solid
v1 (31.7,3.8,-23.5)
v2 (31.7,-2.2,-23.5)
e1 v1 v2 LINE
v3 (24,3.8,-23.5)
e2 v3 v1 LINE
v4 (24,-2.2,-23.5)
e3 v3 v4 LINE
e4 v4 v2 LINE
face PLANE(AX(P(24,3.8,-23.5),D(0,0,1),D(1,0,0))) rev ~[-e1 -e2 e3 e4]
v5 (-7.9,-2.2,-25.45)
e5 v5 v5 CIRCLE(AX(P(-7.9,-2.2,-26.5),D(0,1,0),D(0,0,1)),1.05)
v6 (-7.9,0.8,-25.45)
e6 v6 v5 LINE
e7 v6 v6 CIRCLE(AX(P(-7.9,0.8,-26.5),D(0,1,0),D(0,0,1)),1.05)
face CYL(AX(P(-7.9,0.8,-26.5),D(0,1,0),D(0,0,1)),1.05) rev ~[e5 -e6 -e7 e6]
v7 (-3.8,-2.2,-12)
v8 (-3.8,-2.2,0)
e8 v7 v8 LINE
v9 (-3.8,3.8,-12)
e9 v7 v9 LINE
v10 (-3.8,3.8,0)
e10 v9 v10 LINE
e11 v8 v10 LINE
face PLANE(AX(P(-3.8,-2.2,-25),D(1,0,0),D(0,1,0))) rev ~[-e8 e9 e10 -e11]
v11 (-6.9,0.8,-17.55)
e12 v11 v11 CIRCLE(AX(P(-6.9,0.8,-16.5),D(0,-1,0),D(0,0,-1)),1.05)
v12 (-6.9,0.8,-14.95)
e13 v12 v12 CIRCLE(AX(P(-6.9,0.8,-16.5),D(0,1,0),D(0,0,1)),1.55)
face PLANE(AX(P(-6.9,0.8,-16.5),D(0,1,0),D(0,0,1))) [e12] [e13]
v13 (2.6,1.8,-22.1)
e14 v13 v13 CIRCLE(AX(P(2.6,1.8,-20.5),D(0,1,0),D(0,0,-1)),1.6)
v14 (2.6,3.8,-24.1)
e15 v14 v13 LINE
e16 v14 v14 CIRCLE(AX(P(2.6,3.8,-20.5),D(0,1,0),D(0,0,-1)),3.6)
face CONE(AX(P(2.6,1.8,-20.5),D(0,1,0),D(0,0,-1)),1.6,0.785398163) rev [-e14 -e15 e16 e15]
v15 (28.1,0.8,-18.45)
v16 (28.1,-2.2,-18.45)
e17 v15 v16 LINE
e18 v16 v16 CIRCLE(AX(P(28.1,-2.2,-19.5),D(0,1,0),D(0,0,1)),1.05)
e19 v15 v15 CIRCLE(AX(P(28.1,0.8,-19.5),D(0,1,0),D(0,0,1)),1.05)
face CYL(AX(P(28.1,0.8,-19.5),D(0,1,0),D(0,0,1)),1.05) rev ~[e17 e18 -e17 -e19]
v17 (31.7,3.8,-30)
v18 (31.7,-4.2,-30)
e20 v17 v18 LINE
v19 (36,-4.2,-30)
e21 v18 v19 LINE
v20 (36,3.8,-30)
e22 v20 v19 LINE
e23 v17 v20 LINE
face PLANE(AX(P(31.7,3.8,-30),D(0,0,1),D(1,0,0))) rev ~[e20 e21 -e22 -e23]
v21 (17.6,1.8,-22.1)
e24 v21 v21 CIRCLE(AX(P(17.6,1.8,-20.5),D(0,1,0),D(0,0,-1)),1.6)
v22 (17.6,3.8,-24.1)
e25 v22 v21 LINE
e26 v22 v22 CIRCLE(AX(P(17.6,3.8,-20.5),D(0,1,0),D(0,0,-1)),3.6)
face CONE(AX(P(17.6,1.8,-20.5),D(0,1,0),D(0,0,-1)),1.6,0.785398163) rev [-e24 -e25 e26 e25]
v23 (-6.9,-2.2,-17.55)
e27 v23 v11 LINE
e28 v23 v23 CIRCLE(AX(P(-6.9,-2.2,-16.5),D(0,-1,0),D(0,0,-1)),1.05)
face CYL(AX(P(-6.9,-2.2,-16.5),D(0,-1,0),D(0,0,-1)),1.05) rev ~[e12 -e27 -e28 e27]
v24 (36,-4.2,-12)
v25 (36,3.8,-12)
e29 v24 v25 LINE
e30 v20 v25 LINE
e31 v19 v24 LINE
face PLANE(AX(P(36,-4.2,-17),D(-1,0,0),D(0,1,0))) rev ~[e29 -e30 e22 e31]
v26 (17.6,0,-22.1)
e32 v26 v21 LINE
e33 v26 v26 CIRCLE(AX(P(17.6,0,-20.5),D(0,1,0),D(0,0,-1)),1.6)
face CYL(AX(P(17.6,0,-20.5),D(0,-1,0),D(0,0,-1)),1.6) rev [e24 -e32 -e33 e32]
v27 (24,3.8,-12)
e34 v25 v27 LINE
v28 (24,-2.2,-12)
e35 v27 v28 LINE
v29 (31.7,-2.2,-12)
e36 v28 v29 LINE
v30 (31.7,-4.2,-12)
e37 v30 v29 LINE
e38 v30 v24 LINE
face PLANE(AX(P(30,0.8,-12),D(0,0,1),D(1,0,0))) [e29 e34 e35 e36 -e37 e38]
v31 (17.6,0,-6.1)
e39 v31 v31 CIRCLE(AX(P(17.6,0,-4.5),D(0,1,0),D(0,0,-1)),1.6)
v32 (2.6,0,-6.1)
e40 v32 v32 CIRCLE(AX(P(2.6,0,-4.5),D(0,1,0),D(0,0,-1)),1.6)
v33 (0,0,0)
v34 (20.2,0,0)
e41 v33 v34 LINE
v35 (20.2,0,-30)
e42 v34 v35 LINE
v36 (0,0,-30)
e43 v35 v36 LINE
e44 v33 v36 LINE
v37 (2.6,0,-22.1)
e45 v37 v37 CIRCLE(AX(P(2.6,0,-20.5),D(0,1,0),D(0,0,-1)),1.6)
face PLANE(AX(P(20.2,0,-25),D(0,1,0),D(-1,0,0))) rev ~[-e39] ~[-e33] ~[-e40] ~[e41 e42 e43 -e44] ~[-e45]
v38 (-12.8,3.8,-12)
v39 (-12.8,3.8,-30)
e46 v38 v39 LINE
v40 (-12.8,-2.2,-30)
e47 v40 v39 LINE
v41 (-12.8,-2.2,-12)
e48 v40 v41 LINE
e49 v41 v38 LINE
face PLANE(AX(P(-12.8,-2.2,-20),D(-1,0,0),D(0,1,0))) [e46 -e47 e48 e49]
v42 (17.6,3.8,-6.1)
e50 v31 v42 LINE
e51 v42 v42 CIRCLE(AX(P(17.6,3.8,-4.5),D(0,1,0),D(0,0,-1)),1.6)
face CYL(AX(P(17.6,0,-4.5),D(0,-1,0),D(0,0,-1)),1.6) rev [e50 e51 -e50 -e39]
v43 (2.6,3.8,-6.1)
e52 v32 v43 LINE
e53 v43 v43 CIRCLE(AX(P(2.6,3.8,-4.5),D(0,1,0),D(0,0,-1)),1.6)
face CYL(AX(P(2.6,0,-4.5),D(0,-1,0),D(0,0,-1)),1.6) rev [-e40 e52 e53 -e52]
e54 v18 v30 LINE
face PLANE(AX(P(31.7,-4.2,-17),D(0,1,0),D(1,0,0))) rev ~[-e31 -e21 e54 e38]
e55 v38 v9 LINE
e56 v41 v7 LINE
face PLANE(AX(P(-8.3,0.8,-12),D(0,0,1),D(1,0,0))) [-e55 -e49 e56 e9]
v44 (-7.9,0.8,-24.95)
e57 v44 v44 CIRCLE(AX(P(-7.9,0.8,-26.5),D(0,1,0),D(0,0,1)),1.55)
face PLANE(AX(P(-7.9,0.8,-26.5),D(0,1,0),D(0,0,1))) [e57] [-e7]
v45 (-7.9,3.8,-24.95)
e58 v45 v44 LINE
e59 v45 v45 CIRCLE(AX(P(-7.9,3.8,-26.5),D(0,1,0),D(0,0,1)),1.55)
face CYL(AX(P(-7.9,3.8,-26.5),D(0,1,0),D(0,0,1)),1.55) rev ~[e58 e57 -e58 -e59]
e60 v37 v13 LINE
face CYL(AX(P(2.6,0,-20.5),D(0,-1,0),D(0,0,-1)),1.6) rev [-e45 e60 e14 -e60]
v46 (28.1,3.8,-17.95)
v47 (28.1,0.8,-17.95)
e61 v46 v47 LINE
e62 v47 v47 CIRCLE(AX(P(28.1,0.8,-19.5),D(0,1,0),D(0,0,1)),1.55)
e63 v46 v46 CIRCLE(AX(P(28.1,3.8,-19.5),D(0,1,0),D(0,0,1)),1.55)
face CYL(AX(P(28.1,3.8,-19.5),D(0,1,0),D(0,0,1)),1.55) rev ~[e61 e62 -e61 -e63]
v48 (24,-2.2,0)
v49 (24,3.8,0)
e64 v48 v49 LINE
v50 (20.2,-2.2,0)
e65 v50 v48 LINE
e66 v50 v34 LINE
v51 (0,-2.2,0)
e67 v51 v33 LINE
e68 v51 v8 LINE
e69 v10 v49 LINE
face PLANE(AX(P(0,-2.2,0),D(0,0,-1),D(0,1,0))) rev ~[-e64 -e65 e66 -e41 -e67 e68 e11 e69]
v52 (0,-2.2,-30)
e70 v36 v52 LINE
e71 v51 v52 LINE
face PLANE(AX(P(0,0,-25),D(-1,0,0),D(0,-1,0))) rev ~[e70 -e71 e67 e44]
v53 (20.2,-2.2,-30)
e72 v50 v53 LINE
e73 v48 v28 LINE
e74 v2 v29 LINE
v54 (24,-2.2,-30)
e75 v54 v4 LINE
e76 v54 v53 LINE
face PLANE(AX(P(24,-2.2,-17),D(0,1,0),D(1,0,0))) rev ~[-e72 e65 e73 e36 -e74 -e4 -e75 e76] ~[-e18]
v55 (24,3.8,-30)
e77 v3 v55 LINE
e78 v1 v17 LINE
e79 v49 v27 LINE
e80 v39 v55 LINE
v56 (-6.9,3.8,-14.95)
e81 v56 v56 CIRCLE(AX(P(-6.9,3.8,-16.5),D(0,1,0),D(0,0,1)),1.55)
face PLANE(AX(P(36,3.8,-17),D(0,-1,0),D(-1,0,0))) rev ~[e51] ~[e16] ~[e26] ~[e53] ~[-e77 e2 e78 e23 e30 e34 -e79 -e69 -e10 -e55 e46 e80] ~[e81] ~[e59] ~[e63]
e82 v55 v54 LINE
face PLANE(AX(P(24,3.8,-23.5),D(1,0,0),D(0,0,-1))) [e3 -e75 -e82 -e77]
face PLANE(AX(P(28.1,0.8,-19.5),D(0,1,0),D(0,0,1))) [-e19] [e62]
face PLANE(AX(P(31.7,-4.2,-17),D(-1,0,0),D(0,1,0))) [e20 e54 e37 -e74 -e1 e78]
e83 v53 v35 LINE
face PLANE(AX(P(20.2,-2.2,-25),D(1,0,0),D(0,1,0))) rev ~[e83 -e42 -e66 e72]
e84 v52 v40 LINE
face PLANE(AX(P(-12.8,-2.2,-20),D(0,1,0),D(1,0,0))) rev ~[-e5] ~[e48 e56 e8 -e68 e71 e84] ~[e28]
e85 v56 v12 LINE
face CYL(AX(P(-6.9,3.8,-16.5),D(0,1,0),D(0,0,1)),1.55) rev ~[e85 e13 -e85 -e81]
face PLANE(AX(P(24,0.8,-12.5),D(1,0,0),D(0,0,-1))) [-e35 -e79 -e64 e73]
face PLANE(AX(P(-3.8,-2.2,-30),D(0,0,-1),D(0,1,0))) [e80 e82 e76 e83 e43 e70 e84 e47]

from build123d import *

# Parameters (mm, degrees)
SKETCH_1_W          = 20.2
SKETCH_1_H          = 25
SKETCH_1_R          = 1.6
EXTRUDE_1_DEPTH     = 3.8
SKETCH_2_W          = 25
SKETCH_2_H          = 6
EXTRUDE_2_DEPTH     = 3.8
SKETCH_3_W          = 25
SKETCH_3_H          = 6
EXTRUDE_3_DEPTH     = 3.8
SKETCH_4_W          = 8
SKETCH_4_H          = 6
EXTRUDE_4_DEPTH     = 12
SKETCH_5_W          = 4.3
SKETCH_5_H          = 6
EXTRUDE_5_DEPTH     = 6
SKETCH_6_W          = 4.3
SKETCH_6_H          = 14
EXTRUDE_6_DEPTH     = 2
SKETCH_7_W          = 20.2
SKETCH_7_H          = 3.8
EXTRUDE_7_DEPTH     = 5
SKETCH_8_W          = 10
SKETCH_8_H          = 6
EXTRUDE_8_DEPTH     = 9
SKETCH_9_R          = 1.55
CUT_EXTRUDE_1_DEPTH = 3
SKETCH_10_R         = 1.05
CUT_EXTRUDE_2_DEPTH = 3
SKETCH_11_W         = 9
SKETCH_11_H         = 6
EXTRUDE_9_DEPTH     = 8
SKETCH_12_R         = 1.05
CUT_EXTRUDE_3_DEPTH = 48.885279575
CHAMFER_1_SIZE      = 2
SKETCH_13_R         = 1.55
CUT_EXTRUDE_4_DEPTH = 3
SKETCH_14_W         = 4.3
SKETCH_14_H         = 2
EXTRUDE_10_DEPTH    = 5
SKETCH_15_W         = 4.3
SKETCH_15_H         = 1
SKETCH_15_W_2       = 7.7
SKETCH_15_H_2       = 1.5
CUT_EXTRUDE_5_DEPTH = 10


with BuildPart() as part:
    # 草图1 → 凸台-拉伸1 (new body)
    with BuildSketch(Plane(origin=(0, 0, 0), x_dir=(1, 0, 0), z_dir=(0, 1, 0))):
        with Locations((10.1, 12.5)):
            Rectangle(SKETCH_1_W, SKETCH_1_H)
        with Locations(Location((2.6, 4.5, 0), (0, 0, 90))):
            Circle(SKETCH_1_R, mode=Mode.SUBTRACT)
        with Locations(Location((17.6, 4.5, 0), (0, 0, 90))):
            Circle(SKETCH_1_R, mode=Mode.SUBTRACT)
        with Locations(Location((17.6, 20.5, 0), (0, 0, 90))):
            Circle(SKETCH_1_R, mode=Mode.SUBTRACT)
        with Locations(Location((2.6, 20.5, 0), (0, 0, 90))):
            Circle(SKETCH_1_R, mode=Mode.SUBTRACT)
    extrude(amount=EXTRUDE_1_DEPTH)

    # 草图2 → 凸台-拉伸2 (add)
    with BuildSketch(Plane(origin=(20.2, 0, 0), x_dir=(0, 0, -1), z_dir=(1, 0, 0))):
        with Locations((12.5, 0.8)):
            Rectangle(SKETCH_2_W, SKETCH_2_H)
    extrude(amount=EXTRUDE_2_DEPTH)

    # 草图3 → 凸台-拉伸3 (add)
    with BuildSketch(Plane.ZY):
        with Locations((-12.5, 0.8)):
            Rectangle(SKETCH_3_W, SKETCH_3_H)
    extrude(amount=EXTRUDE_3_DEPTH)

    # 草图4 → 凸台-拉伸4 (add)
    with BuildSketch(Plane(origin=(24, 0, 0), x_dir=(0, 0, -1), z_dir=(1, 0, 0))):
        with Locations((21, 0.8)):
            Rectangle(SKETCH_4_W, SKETCH_4_H)
    extrude(amount=EXTRUDE_4_DEPTH)

    # 草图5 → 凸台-拉伸5 (add)
    with BuildSketch(Plane(origin=(0, 0, -25), x_dir=(-1, 0, 0), z_dir=(0, 0, -1))):
        with Locations((-33.85, 0.8)):
            Rectangle(SKETCH_5_W, SKETCH_5_H)
    extrude(amount=EXTRUDE_5_DEPTH)

    # 草图6 → 凸台-拉伸6 (add)
    with BuildSketch(Plane(origin=(0, -2.2, 0), x_dir=(-1, 0, 0), z_dir=(0, -1, 0))):
        with Locations((-33.85, 24)):
            Rectangle(SKETCH_6_W, SKETCH_6_H)
    extrude(amount=EXTRUDE_6_DEPTH)

    # 草图7 → 凸台-拉伸7 (add)
    with BuildSketch(Plane(origin=(0, 0, -25), x_dir=(-1, 0, 0), z_dir=(0, 0, -1))):
        Polygon((-20.2, 0), (-20.2, 3.8), (-24, 3.8), (-24, -2.2), (-20.2, -2.2), align=None)
        with Locations((-10.1, 1.9)):
            Rectangle(SKETCH_7_W, SKETCH_7_H)
        Polygon((3.8, -2.2), (3.8, 3.8), (0, 3.8), (0, 0), (0, -2.2), align=None)
    extrude(amount=EXTRUDE_7_DEPTH)

    # 草图8 → 凸台-拉伸8 (add)
    with BuildSketch(Plane.ZY.offset(3.8)):
        with Locations((-25, 0.8)):
            Rectangle(SKETCH_8_W, SKETCH_8_H)
    extrude(amount=EXTRUDE_8_DEPTH)

    # 草图9 → 切除-拉伸1 (cut)
    with BuildSketch(Plane(origin=(0, 3.8, 0), x_dir=(1, 0, 0), z_dir=(0, 1, 0))):
        with Locations(Location((-7.9, 26.5, 0), (0, 0, 270))):
            Circle(SKETCH_9_R)
        with Locations(Location((28.1, 19.5, 0), (0, 0, 270))):
            Circle(SKETCH_9_R)
    extrude(amount=-CUT_EXTRUDE_1_DEPTH, mode=Mode.SUBTRACT)

    # 草图10 → 切除-拉伸2 (cut)
    with BuildSketch(Plane(origin=(0, 0.8, 0), x_dir=(1, 0, 0), z_dir=(0, 1, 0))):
        with Locations(Location((-7.9, 26.5, 0), (0, 0, 270))):
            Circle(SKETCH_10_R)
        with Locations(Location((28.1, 19.5, 0), (0, 0, 270))):
            Circle(SKETCH_10_R)
    extrude(amount=-CUT_EXTRUDE_2_DEPTH, mode=Mode.SUBTRACT)

    # 草图11 → 凸台-拉伸9 (add)
    with BuildSketch(Plane.XY.offset(-20)):
        with Locations((-8.3, 0.8)):
            Rectangle(SKETCH_11_W, SKETCH_11_H)
    extrude(amount=EXTRUDE_9_DEPTH)

    # 草图12 → 切除-拉伸3 (cut, through all)
    with BuildSketch(Plane(origin=(0, -2.2, 0), x_dir=(-1, 0, 0), z_dir=(0, -1, 0))):
        with Locations(Location((6.9, 16.5, 0), (0, 0, 90))):
            Circle(SKETCH_12_R)
    extrude(amount=-CUT_EXTRUDE_3_DEPTH, mode=Mode.SUBTRACT)

    # 倒角1
    chamfer_1_edges = [part.edges().sort_by_distance(p)[0] for p in [
        (17.6, 3.8, -18.9),
        (2.6, 3.8, -18.9),
    ]]
    chamfer(chamfer_1_edges, length=CHAMFER_1_SIZE)

    # 草图13 → 切除-拉伸4 (cut)
    with BuildSketch(Plane(origin=(0, 3.8, 0), x_dir=(1, 0, 0), z_dir=(0, 1, 0))):
        with Locations(Location((-6.9, 16.5, 0), (0, 0, 270))):
            Circle(SKETCH_13_R)
    extrude(amount=-CUT_EXTRUDE_4_DEPTH, mode=Mode.SUBTRACT)

    # 草图14 → 凸台-拉伸10 (add)
    with BuildSketch(Plane.XY.offset(-17)):
        Polygon((24, 3.8), (24, -2.2), (31.7, -2.2), (36, -2.2), (36, 3.8), align=None)
        with Locations((33.85, -3.2)):
            Rectangle(SKETCH_14_W, SKETCH_14_H)
    extrude(amount=EXTRUDE_10_DEPTH)

    # 草图15 → 切除-拉伸5 (cut)
    with BuildSketch(Plane(origin=(0, 3.8, 0), x_dir=(1, 0, 0), z_dir=(0, 1, 0))):
        with Locations((33.85, 30.5)):
            Rectangle(SKETCH_15_W, SKETCH_15_H)
        with Locations((27.85, 24.25)):
            Rectangle(SKETCH_15_W_2, SKETCH_15_H_2)
    extrude(amount=-CUT_EXTRUDE_5_DEPTH, mode=Mode.SUBTRACT)


solid = part.part
